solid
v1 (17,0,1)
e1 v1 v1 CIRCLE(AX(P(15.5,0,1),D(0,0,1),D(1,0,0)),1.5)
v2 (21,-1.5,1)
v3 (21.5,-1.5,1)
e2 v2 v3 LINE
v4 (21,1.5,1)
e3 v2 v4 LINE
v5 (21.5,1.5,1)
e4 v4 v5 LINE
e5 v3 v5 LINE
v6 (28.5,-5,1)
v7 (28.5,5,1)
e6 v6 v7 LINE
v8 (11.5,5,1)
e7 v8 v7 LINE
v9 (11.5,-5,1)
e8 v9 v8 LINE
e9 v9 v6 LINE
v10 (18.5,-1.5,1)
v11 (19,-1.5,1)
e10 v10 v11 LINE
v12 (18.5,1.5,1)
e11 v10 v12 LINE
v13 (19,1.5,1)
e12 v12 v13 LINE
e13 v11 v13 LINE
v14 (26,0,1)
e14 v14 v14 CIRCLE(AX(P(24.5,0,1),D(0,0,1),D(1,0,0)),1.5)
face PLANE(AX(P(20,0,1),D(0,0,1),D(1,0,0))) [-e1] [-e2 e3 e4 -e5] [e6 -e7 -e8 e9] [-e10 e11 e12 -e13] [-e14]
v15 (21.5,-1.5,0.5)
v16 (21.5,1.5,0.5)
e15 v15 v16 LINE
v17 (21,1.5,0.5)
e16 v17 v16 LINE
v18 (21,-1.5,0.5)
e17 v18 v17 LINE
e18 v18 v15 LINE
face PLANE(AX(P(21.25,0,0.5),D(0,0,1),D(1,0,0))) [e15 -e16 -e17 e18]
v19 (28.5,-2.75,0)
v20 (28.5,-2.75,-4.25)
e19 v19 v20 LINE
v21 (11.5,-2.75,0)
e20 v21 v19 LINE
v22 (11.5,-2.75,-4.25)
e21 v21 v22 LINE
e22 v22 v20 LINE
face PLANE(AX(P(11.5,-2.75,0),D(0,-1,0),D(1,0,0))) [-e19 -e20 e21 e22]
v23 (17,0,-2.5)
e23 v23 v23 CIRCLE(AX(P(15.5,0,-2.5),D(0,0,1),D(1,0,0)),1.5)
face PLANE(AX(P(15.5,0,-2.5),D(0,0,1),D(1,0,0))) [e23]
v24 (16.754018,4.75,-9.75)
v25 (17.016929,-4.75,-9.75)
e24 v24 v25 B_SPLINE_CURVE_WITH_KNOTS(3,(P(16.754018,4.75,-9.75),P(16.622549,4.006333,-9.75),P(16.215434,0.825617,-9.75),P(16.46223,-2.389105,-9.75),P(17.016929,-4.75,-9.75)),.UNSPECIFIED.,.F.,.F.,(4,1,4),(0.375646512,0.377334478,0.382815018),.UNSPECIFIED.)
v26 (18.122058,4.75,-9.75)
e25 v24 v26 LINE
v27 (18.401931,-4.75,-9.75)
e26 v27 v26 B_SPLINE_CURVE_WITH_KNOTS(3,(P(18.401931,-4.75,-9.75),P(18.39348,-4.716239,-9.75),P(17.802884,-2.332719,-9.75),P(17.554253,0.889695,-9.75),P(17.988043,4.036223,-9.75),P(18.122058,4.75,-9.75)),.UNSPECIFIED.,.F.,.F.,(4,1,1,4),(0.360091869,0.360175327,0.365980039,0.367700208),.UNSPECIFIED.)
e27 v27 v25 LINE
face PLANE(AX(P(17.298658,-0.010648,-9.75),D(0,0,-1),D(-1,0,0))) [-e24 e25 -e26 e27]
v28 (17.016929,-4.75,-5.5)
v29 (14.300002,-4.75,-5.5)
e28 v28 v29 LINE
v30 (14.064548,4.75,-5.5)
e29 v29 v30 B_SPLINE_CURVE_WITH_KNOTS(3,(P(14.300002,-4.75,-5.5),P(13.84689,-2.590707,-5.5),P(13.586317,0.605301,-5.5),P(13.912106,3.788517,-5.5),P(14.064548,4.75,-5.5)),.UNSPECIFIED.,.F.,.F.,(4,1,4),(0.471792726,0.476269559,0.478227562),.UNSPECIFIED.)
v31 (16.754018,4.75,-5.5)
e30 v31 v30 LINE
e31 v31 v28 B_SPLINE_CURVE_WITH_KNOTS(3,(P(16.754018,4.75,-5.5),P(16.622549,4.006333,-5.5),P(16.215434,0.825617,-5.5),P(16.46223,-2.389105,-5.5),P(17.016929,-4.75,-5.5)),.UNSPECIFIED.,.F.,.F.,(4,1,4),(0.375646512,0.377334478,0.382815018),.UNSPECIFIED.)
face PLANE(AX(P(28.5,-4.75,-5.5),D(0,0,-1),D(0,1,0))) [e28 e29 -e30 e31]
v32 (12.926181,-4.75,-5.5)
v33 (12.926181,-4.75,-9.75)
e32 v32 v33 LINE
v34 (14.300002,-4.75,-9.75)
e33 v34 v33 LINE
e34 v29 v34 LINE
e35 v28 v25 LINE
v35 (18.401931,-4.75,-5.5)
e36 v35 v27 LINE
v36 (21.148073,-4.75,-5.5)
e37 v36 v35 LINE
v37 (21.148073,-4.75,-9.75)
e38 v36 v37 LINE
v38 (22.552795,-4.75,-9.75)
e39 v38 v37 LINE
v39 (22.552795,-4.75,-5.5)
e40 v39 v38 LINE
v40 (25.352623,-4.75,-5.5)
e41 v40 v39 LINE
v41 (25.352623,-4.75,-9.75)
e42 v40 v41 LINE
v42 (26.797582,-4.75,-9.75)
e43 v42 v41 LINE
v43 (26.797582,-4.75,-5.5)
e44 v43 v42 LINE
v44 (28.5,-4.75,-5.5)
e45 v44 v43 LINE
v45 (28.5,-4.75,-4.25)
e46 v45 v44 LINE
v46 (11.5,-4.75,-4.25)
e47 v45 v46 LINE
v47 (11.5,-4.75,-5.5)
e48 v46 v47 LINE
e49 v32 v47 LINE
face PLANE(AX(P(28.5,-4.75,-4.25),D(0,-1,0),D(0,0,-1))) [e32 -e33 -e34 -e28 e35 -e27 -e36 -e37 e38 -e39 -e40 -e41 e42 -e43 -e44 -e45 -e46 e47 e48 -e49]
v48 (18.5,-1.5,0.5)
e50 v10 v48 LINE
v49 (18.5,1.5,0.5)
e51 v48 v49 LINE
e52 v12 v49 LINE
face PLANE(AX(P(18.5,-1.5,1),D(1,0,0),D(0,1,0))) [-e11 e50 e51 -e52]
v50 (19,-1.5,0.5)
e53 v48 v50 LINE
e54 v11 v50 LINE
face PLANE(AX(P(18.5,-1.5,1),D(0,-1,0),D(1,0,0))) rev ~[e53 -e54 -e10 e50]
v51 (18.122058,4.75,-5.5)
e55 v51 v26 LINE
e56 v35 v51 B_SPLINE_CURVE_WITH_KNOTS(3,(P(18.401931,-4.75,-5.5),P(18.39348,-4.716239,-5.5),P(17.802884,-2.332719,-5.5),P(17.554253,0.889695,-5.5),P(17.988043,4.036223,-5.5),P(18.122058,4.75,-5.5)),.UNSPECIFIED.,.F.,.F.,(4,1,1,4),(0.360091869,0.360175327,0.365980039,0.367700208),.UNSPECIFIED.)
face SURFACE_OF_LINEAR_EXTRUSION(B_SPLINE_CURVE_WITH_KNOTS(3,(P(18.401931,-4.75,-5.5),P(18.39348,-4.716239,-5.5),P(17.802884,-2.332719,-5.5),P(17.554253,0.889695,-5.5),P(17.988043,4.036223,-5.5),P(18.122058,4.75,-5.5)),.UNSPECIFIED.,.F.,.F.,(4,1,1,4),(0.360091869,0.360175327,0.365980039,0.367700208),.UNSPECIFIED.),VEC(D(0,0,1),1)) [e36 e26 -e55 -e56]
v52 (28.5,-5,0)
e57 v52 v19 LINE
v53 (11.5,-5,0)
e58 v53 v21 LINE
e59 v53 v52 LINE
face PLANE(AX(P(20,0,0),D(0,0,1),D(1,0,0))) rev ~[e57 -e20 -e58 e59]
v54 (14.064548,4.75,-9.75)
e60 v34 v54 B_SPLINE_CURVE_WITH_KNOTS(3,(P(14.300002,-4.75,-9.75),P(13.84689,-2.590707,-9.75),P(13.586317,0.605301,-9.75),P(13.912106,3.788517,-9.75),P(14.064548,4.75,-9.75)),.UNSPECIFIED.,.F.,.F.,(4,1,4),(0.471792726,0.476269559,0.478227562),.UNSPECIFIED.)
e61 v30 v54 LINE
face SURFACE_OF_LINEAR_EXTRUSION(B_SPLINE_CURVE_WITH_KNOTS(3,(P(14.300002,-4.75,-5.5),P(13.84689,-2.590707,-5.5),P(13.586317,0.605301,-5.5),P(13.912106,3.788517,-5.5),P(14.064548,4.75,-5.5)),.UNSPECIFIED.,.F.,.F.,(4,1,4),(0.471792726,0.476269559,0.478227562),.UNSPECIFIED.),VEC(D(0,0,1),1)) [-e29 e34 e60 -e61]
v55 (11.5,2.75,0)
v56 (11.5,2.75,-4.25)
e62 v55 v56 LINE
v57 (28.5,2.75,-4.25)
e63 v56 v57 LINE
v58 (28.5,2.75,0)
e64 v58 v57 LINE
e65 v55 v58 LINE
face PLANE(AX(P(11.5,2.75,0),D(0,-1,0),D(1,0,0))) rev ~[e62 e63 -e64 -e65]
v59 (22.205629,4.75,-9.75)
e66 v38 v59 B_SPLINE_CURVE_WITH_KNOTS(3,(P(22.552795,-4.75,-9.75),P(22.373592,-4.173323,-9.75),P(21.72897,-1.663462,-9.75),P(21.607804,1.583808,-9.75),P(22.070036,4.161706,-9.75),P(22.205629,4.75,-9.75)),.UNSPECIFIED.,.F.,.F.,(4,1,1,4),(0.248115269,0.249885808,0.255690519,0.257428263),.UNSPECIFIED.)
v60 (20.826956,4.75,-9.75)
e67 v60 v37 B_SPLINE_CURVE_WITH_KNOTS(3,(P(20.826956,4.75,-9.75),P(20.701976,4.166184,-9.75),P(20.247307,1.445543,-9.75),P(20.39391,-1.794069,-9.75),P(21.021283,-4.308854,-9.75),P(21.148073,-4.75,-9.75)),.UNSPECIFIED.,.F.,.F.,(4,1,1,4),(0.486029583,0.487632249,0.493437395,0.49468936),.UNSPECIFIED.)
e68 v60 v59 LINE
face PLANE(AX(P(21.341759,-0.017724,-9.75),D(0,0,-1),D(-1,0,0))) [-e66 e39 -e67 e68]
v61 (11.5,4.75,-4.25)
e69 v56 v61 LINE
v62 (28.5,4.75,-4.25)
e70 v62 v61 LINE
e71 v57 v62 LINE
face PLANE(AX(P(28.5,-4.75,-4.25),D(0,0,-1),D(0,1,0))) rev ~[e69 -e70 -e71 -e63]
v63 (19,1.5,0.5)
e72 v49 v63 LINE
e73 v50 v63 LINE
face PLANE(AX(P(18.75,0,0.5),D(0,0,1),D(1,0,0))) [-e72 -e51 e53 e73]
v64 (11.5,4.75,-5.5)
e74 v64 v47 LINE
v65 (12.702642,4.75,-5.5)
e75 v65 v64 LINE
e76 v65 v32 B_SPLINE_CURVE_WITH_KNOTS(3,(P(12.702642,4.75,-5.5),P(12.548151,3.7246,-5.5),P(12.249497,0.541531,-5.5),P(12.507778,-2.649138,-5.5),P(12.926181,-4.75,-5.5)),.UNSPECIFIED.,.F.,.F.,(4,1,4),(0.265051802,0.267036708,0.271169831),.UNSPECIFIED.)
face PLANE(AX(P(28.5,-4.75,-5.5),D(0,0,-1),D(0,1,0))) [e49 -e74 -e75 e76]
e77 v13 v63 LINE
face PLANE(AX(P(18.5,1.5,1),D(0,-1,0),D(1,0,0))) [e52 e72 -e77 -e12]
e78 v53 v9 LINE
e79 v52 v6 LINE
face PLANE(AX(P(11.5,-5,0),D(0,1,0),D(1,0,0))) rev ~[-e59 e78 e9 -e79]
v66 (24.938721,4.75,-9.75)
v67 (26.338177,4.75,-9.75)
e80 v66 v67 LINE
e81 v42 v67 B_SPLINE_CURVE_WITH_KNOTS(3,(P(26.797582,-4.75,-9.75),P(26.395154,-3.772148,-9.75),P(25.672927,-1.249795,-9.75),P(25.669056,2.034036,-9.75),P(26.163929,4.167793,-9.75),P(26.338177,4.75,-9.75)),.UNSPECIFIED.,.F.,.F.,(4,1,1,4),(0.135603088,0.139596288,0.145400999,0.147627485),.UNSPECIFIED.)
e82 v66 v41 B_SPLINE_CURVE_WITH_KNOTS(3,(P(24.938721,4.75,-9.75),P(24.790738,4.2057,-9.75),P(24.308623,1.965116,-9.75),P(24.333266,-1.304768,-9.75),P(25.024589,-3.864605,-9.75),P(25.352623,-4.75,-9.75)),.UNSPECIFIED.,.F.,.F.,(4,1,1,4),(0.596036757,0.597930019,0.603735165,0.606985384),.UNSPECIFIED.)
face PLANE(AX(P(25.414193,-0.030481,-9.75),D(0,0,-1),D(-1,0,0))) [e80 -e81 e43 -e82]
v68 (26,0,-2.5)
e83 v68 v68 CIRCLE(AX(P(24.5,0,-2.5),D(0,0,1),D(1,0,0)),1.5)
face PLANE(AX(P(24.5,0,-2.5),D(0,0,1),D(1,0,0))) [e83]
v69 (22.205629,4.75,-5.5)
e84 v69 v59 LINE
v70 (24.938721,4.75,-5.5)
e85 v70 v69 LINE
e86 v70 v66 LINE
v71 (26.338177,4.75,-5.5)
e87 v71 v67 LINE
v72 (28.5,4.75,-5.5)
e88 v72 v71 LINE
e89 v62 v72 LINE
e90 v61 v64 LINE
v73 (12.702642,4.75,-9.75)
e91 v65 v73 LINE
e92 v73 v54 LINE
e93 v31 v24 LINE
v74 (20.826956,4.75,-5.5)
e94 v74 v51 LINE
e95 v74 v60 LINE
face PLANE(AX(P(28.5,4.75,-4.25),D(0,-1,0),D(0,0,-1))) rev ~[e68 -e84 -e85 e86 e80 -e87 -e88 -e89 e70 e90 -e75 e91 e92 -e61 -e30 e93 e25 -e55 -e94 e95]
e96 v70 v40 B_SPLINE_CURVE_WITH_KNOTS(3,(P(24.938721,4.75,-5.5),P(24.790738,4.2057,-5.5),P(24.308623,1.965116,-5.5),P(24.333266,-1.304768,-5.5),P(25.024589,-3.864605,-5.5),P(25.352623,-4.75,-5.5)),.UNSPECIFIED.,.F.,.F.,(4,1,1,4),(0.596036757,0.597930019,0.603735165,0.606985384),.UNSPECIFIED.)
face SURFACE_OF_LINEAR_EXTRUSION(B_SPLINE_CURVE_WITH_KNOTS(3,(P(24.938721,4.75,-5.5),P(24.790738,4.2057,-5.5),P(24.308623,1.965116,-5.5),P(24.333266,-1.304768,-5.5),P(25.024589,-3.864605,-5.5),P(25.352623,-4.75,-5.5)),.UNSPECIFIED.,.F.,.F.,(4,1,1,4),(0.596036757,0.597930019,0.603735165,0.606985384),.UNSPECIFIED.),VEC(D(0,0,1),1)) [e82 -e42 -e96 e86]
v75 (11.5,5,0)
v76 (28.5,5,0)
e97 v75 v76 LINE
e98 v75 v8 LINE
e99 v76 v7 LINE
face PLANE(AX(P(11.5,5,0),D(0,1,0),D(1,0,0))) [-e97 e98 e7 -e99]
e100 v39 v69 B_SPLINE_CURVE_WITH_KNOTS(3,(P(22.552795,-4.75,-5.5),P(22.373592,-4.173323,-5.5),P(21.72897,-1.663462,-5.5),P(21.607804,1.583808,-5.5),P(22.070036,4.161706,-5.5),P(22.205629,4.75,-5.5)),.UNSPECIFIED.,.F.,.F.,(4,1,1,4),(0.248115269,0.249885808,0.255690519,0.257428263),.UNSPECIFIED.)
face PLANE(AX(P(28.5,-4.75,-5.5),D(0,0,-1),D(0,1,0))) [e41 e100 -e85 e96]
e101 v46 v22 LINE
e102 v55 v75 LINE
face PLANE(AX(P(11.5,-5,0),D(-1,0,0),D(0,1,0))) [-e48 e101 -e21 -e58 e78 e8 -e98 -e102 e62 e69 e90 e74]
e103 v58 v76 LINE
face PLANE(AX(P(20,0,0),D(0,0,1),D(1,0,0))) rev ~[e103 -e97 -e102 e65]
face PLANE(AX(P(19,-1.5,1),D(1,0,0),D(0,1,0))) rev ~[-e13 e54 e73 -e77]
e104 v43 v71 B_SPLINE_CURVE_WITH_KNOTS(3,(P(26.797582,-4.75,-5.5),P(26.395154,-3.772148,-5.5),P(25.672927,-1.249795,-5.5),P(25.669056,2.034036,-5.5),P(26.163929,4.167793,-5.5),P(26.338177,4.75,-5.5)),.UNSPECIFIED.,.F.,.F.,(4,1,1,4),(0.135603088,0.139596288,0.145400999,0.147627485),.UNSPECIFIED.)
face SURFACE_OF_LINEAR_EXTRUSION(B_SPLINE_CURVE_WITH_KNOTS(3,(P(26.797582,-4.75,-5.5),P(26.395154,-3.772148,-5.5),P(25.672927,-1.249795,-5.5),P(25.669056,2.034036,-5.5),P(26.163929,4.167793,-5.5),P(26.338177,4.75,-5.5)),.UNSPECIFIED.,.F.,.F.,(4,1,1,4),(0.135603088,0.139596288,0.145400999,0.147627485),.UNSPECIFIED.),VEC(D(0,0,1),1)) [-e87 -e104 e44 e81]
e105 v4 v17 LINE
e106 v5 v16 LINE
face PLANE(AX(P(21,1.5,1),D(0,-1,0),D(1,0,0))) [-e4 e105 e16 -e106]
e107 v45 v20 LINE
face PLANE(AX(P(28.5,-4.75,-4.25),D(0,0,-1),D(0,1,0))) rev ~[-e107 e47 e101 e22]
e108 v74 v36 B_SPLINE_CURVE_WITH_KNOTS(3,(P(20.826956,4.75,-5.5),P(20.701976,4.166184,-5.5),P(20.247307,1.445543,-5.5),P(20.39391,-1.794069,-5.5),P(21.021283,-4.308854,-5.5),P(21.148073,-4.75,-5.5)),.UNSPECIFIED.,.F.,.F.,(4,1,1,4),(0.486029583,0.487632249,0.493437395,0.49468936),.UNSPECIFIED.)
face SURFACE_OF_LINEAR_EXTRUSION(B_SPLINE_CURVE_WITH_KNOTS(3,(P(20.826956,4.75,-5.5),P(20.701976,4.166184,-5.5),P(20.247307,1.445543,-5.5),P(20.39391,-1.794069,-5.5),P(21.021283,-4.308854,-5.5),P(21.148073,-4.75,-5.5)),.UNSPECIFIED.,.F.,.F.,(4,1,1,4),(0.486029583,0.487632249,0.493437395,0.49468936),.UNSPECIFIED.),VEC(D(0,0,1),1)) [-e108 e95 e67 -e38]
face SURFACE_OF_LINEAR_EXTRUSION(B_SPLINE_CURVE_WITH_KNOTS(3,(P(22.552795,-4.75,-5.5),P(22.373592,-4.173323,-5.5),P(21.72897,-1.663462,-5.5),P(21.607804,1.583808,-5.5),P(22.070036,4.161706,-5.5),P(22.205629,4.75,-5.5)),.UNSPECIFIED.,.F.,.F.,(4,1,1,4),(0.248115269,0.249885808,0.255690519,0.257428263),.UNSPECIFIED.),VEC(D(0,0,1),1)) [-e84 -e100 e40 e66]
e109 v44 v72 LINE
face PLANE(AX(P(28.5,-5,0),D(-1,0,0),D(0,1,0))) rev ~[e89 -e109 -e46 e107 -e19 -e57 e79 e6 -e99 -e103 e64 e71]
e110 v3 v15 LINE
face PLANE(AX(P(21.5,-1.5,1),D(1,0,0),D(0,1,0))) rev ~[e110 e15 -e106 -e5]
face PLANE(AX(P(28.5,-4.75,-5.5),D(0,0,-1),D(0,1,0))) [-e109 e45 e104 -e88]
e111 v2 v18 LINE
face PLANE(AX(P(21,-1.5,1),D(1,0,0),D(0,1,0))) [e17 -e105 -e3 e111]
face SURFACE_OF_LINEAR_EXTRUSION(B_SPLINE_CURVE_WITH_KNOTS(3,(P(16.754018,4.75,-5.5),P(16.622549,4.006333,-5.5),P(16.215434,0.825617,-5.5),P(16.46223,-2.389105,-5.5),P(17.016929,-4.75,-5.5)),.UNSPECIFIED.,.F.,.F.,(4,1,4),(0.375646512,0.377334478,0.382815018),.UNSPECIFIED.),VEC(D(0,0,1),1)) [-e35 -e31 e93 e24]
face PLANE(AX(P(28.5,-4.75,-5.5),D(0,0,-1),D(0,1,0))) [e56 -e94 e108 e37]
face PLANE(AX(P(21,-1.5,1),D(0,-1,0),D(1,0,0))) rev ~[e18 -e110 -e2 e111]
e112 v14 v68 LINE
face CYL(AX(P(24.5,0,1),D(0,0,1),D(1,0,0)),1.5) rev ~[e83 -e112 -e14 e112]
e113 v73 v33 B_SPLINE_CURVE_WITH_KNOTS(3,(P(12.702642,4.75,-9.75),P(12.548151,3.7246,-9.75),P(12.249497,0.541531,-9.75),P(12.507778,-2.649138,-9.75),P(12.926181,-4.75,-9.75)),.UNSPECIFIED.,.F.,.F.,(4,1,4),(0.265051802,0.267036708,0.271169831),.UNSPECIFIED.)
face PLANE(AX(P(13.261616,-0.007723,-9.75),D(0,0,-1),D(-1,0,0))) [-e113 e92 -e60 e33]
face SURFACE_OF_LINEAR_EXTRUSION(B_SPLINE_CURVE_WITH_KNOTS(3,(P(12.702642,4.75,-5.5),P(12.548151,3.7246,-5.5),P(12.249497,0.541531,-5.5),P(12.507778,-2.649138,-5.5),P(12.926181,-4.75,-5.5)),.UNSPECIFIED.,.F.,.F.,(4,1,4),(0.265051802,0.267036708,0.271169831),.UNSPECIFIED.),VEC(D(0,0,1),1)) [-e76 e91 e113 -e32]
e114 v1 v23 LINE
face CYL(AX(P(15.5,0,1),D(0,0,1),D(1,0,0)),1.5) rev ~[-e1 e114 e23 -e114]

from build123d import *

# Parameters (mm, degrees)
ESQUISSE1_W             = 17
ESQUISSE1_H             = 5.5
BOSS_EXTRU_1_DEPTH      = 5.5
ESQUISSE2_W             = 1.25
ESQUISSE2_H             = 9.5
BOSS_EXTRU_2_DEPTH      = 17
ESQUISSE3_W             = 17
ESQUISSE3_H             = 10
BOSS_EXTRU_3_DEPTH      = 1
ESQUISSE4_R             = 1.5
ENL_V_MAT_EXTRU_1_DEPTH = 3.5
ESQUISSE5_W             = 0.5
ESQUISSE5_H             = 3
ENL_V_MAT_EXTRU_2_DEPTH = 0.5
BOSS_EXTRU_4_DEPTH      = 4.25


with BuildPart() as part:
    # Esquisse1 → Boss.-Extru.1 (new body)
    with BuildSketch(Plane.XY):
        with Locations((20, 0)):
            Rectangle(ESQUISSE1_W, ESQUISSE1_H)
    extrude(amount=-BOSS_EXTRU_1_DEPTH)

    # Esquisse2 → Boss.-Extru.2 (add)
    with BuildSketch(Plane(origin=(28.5, 0, 0), x_dir=(0, 0, -1), z_dir=(1, 0, 0))):
        with Locations((4.875, 0)):
            Rectangle(ESQUISSE2_W, ESQUISSE2_H)
    extrude(amount=-BOSS_EXTRU_2_DEPTH)

    # Esquisse3 → Boss.-Extru.3 (add)
    with BuildSketch(Plane.XY):
        with Locations((20, 0)):
            Rectangle(ESQUISSE3_W, ESQUISSE3_H)
    extrude(amount=BOSS_EXTRU_3_DEPTH)

    # Esquisse4 → Enlèv. mat.-Extru.1 (cut)
    with BuildSketch(Plane.XY.offset(1)):
        with Locations((24.5, 0)):
            Circle(ESQUISSE4_R)
        with Locations((15.5, 0)):
            Circle(ESQUISSE4_R)
    extrude(amount=-ENL_V_MAT_EXTRU_1_DEPTH, mode=Mode.SUBTRACT)

    # Esquisse5 → Enlèv. mat.-Extru.2 (cut)
    with BuildSketch(Plane.XY.offset(1)):
        with Locations((21.25, 0)):
            Rectangle(ESQUISSE5_W, ESQUISSE5_H)
        with Locations((18.75, 0)):
            Rectangle(ESQUISSE5_W, ESQUISSE5_H)
    extrude(amount=-ENL_V_MAT_EXTRU_2_DEPTH, mode=Mode.SUBTRACT)

    # Esquisse6 → Boss.-Extru.4 (add)
    with BuildSketch(Plane(origin=(0, 0, -5.5), x_dir=(-1, 0, 0), z_dir=(0, 0, -1))):
        with BuildLine():
            Line((-22.552794805, -4.75), (-21.148073426, -4.75))
            add(Edge.make_bspline(
                [(-20.826956456, 4.75), (-20.701976007, 4.166184335), (-20.247306857, 1.445543191), (-20.393909727, -1.7940686), (-21.021282717, -4.308854476), (-21.148073426, -4.75)],
                knots=[0.486029583, 0.486029583, 0.486029583, 0.486029583, 0.487632249, 0.493437395, 0.49468936, 0.49468936, 0.49468936, 0.49468936], degree=3))
            Line((-20.826956456, 4.75), (-22.205629087, 4.75))
            add(Edge.make_bspline(
                [(-22.552794805, -4.75), (-22.373592229, -4.173323429), (-21.728969731, -1.663462019), (-21.607804021, 1.583807787), (-22.070035816, 4.161706415), (-22.205629087, 4.75)],
                knots=[0.248115269, 0.248115269, 0.248115269, 0.248115269, 0.249885808, 0.255690519, 0.257428263, 0.257428263, 0.257428263, 0.257428263], degree=3))
        make_face()
        with BuildLine():
            Line((-24.938721269, 4.75), (-26.33817718, 4.75))
            add(Edge.make_bspline(
                [(-26.797581514, -4.75), (-26.395153508, -3.772148074), (-25.672927447, -1.249795135), (-25.669056389, 2.034035882), (-26.163928672, 4.16779276), (-26.33817718, 4.75)],
                knots=[0.135603088, 0.135603088, 0.135603088, 0.135603088, 0.139596288, 0.145400999, 0.147627485, 0.147627485, 0.147627485, 0.147627485], degree=3))
            Line((-26.797581514, -4.75), (-25.352622939, -4.75))
            add(Edge.make_bspline(
                [(-24.938721269, 4.75), (-24.790737954, 4.205700458), (-24.308623009, 1.965116283), (-24.333265983, -1.304768064), (-25.024589159, -3.86460469), (-25.352622939, -4.75)],
                knots=[0.596036757, 0.596036757, 0.596036757, 0.596036757, 0.597930019, 0.603735165, 0.606985384, 0.606985384, 0.606985384, 0.606985384], degree=3))
        make_face()
        with BuildLine():
            Line((-18.401930877, -4.75), (-17.0169294, -4.75))
            add(Edge.make_bspline(
                [(-16.754018342, 4.75), (-16.622548676, 4.006332525), (-16.215434289, 0.825617368), (-16.46223045, -2.389104753), (-17.0169294, -4.75)],
                knots=[0.375646512, 0.375646512, 0.375646512, 0.375646512, 0.377334478, 0.382815018, 0.382815018, 0.382815018, 0.382815018], degree=3))
            Line((-16.754018342, 4.75), (-18.122057744, 4.75))
            add(Edge.make_bspline(
                [(-18.401930877, -4.75), (-18.393480034, -4.716238825), (-17.802884316, -2.332718806), (-17.554252699, 0.889694687), (-17.988042673, 4.036223412), (-18.122057744, 4.75)],
                knots=[0.360091869, 0.360091869, 0.360091869, 0.360091869, 0.360175327, 0.365980039, 0.367700208, 0.367700208, 0.367700208, 0.367700208], degree=3))
        make_face()
        with BuildLine():
            Line((-12.702642178, 4.75), (-14.064547598, 4.75))
            add(Edge.make_bspline(
                [(-14.300001857, -4.75), (-13.846890026, -2.590707185), (-13.586316634, 0.605300957), (-13.912106186, 3.788517123), (-14.064547598, 4.75)],
                knots=[0.471792726, 0.471792726, 0.471792726, 0.471792726, 0.476269559, 0.478227562, 0.478227562, 0.478227562, 0.478227562], degree=3))
            Line((-14.300001857, -4.75), (-12.926181075, -4.75))
            add(Edge.make_bspline(
                [(-12.702642178, 4.75), (-12.548150742, 3.724600153), (-12.249496767, 0.541531469), (-12.507778318, -2.649137977), (-12.926181075, -4.75)],
                knots=[0.265051802, 0.265051802, 0.265051802, 0.265051802, 0.267036708, 0.271169831, 0.271169831, 0.271169831, 0.271169831], degree=3))
        make_face()
    extrude(amount=BOSS_EXTRU_4_DEPTH)


solid = part.part
